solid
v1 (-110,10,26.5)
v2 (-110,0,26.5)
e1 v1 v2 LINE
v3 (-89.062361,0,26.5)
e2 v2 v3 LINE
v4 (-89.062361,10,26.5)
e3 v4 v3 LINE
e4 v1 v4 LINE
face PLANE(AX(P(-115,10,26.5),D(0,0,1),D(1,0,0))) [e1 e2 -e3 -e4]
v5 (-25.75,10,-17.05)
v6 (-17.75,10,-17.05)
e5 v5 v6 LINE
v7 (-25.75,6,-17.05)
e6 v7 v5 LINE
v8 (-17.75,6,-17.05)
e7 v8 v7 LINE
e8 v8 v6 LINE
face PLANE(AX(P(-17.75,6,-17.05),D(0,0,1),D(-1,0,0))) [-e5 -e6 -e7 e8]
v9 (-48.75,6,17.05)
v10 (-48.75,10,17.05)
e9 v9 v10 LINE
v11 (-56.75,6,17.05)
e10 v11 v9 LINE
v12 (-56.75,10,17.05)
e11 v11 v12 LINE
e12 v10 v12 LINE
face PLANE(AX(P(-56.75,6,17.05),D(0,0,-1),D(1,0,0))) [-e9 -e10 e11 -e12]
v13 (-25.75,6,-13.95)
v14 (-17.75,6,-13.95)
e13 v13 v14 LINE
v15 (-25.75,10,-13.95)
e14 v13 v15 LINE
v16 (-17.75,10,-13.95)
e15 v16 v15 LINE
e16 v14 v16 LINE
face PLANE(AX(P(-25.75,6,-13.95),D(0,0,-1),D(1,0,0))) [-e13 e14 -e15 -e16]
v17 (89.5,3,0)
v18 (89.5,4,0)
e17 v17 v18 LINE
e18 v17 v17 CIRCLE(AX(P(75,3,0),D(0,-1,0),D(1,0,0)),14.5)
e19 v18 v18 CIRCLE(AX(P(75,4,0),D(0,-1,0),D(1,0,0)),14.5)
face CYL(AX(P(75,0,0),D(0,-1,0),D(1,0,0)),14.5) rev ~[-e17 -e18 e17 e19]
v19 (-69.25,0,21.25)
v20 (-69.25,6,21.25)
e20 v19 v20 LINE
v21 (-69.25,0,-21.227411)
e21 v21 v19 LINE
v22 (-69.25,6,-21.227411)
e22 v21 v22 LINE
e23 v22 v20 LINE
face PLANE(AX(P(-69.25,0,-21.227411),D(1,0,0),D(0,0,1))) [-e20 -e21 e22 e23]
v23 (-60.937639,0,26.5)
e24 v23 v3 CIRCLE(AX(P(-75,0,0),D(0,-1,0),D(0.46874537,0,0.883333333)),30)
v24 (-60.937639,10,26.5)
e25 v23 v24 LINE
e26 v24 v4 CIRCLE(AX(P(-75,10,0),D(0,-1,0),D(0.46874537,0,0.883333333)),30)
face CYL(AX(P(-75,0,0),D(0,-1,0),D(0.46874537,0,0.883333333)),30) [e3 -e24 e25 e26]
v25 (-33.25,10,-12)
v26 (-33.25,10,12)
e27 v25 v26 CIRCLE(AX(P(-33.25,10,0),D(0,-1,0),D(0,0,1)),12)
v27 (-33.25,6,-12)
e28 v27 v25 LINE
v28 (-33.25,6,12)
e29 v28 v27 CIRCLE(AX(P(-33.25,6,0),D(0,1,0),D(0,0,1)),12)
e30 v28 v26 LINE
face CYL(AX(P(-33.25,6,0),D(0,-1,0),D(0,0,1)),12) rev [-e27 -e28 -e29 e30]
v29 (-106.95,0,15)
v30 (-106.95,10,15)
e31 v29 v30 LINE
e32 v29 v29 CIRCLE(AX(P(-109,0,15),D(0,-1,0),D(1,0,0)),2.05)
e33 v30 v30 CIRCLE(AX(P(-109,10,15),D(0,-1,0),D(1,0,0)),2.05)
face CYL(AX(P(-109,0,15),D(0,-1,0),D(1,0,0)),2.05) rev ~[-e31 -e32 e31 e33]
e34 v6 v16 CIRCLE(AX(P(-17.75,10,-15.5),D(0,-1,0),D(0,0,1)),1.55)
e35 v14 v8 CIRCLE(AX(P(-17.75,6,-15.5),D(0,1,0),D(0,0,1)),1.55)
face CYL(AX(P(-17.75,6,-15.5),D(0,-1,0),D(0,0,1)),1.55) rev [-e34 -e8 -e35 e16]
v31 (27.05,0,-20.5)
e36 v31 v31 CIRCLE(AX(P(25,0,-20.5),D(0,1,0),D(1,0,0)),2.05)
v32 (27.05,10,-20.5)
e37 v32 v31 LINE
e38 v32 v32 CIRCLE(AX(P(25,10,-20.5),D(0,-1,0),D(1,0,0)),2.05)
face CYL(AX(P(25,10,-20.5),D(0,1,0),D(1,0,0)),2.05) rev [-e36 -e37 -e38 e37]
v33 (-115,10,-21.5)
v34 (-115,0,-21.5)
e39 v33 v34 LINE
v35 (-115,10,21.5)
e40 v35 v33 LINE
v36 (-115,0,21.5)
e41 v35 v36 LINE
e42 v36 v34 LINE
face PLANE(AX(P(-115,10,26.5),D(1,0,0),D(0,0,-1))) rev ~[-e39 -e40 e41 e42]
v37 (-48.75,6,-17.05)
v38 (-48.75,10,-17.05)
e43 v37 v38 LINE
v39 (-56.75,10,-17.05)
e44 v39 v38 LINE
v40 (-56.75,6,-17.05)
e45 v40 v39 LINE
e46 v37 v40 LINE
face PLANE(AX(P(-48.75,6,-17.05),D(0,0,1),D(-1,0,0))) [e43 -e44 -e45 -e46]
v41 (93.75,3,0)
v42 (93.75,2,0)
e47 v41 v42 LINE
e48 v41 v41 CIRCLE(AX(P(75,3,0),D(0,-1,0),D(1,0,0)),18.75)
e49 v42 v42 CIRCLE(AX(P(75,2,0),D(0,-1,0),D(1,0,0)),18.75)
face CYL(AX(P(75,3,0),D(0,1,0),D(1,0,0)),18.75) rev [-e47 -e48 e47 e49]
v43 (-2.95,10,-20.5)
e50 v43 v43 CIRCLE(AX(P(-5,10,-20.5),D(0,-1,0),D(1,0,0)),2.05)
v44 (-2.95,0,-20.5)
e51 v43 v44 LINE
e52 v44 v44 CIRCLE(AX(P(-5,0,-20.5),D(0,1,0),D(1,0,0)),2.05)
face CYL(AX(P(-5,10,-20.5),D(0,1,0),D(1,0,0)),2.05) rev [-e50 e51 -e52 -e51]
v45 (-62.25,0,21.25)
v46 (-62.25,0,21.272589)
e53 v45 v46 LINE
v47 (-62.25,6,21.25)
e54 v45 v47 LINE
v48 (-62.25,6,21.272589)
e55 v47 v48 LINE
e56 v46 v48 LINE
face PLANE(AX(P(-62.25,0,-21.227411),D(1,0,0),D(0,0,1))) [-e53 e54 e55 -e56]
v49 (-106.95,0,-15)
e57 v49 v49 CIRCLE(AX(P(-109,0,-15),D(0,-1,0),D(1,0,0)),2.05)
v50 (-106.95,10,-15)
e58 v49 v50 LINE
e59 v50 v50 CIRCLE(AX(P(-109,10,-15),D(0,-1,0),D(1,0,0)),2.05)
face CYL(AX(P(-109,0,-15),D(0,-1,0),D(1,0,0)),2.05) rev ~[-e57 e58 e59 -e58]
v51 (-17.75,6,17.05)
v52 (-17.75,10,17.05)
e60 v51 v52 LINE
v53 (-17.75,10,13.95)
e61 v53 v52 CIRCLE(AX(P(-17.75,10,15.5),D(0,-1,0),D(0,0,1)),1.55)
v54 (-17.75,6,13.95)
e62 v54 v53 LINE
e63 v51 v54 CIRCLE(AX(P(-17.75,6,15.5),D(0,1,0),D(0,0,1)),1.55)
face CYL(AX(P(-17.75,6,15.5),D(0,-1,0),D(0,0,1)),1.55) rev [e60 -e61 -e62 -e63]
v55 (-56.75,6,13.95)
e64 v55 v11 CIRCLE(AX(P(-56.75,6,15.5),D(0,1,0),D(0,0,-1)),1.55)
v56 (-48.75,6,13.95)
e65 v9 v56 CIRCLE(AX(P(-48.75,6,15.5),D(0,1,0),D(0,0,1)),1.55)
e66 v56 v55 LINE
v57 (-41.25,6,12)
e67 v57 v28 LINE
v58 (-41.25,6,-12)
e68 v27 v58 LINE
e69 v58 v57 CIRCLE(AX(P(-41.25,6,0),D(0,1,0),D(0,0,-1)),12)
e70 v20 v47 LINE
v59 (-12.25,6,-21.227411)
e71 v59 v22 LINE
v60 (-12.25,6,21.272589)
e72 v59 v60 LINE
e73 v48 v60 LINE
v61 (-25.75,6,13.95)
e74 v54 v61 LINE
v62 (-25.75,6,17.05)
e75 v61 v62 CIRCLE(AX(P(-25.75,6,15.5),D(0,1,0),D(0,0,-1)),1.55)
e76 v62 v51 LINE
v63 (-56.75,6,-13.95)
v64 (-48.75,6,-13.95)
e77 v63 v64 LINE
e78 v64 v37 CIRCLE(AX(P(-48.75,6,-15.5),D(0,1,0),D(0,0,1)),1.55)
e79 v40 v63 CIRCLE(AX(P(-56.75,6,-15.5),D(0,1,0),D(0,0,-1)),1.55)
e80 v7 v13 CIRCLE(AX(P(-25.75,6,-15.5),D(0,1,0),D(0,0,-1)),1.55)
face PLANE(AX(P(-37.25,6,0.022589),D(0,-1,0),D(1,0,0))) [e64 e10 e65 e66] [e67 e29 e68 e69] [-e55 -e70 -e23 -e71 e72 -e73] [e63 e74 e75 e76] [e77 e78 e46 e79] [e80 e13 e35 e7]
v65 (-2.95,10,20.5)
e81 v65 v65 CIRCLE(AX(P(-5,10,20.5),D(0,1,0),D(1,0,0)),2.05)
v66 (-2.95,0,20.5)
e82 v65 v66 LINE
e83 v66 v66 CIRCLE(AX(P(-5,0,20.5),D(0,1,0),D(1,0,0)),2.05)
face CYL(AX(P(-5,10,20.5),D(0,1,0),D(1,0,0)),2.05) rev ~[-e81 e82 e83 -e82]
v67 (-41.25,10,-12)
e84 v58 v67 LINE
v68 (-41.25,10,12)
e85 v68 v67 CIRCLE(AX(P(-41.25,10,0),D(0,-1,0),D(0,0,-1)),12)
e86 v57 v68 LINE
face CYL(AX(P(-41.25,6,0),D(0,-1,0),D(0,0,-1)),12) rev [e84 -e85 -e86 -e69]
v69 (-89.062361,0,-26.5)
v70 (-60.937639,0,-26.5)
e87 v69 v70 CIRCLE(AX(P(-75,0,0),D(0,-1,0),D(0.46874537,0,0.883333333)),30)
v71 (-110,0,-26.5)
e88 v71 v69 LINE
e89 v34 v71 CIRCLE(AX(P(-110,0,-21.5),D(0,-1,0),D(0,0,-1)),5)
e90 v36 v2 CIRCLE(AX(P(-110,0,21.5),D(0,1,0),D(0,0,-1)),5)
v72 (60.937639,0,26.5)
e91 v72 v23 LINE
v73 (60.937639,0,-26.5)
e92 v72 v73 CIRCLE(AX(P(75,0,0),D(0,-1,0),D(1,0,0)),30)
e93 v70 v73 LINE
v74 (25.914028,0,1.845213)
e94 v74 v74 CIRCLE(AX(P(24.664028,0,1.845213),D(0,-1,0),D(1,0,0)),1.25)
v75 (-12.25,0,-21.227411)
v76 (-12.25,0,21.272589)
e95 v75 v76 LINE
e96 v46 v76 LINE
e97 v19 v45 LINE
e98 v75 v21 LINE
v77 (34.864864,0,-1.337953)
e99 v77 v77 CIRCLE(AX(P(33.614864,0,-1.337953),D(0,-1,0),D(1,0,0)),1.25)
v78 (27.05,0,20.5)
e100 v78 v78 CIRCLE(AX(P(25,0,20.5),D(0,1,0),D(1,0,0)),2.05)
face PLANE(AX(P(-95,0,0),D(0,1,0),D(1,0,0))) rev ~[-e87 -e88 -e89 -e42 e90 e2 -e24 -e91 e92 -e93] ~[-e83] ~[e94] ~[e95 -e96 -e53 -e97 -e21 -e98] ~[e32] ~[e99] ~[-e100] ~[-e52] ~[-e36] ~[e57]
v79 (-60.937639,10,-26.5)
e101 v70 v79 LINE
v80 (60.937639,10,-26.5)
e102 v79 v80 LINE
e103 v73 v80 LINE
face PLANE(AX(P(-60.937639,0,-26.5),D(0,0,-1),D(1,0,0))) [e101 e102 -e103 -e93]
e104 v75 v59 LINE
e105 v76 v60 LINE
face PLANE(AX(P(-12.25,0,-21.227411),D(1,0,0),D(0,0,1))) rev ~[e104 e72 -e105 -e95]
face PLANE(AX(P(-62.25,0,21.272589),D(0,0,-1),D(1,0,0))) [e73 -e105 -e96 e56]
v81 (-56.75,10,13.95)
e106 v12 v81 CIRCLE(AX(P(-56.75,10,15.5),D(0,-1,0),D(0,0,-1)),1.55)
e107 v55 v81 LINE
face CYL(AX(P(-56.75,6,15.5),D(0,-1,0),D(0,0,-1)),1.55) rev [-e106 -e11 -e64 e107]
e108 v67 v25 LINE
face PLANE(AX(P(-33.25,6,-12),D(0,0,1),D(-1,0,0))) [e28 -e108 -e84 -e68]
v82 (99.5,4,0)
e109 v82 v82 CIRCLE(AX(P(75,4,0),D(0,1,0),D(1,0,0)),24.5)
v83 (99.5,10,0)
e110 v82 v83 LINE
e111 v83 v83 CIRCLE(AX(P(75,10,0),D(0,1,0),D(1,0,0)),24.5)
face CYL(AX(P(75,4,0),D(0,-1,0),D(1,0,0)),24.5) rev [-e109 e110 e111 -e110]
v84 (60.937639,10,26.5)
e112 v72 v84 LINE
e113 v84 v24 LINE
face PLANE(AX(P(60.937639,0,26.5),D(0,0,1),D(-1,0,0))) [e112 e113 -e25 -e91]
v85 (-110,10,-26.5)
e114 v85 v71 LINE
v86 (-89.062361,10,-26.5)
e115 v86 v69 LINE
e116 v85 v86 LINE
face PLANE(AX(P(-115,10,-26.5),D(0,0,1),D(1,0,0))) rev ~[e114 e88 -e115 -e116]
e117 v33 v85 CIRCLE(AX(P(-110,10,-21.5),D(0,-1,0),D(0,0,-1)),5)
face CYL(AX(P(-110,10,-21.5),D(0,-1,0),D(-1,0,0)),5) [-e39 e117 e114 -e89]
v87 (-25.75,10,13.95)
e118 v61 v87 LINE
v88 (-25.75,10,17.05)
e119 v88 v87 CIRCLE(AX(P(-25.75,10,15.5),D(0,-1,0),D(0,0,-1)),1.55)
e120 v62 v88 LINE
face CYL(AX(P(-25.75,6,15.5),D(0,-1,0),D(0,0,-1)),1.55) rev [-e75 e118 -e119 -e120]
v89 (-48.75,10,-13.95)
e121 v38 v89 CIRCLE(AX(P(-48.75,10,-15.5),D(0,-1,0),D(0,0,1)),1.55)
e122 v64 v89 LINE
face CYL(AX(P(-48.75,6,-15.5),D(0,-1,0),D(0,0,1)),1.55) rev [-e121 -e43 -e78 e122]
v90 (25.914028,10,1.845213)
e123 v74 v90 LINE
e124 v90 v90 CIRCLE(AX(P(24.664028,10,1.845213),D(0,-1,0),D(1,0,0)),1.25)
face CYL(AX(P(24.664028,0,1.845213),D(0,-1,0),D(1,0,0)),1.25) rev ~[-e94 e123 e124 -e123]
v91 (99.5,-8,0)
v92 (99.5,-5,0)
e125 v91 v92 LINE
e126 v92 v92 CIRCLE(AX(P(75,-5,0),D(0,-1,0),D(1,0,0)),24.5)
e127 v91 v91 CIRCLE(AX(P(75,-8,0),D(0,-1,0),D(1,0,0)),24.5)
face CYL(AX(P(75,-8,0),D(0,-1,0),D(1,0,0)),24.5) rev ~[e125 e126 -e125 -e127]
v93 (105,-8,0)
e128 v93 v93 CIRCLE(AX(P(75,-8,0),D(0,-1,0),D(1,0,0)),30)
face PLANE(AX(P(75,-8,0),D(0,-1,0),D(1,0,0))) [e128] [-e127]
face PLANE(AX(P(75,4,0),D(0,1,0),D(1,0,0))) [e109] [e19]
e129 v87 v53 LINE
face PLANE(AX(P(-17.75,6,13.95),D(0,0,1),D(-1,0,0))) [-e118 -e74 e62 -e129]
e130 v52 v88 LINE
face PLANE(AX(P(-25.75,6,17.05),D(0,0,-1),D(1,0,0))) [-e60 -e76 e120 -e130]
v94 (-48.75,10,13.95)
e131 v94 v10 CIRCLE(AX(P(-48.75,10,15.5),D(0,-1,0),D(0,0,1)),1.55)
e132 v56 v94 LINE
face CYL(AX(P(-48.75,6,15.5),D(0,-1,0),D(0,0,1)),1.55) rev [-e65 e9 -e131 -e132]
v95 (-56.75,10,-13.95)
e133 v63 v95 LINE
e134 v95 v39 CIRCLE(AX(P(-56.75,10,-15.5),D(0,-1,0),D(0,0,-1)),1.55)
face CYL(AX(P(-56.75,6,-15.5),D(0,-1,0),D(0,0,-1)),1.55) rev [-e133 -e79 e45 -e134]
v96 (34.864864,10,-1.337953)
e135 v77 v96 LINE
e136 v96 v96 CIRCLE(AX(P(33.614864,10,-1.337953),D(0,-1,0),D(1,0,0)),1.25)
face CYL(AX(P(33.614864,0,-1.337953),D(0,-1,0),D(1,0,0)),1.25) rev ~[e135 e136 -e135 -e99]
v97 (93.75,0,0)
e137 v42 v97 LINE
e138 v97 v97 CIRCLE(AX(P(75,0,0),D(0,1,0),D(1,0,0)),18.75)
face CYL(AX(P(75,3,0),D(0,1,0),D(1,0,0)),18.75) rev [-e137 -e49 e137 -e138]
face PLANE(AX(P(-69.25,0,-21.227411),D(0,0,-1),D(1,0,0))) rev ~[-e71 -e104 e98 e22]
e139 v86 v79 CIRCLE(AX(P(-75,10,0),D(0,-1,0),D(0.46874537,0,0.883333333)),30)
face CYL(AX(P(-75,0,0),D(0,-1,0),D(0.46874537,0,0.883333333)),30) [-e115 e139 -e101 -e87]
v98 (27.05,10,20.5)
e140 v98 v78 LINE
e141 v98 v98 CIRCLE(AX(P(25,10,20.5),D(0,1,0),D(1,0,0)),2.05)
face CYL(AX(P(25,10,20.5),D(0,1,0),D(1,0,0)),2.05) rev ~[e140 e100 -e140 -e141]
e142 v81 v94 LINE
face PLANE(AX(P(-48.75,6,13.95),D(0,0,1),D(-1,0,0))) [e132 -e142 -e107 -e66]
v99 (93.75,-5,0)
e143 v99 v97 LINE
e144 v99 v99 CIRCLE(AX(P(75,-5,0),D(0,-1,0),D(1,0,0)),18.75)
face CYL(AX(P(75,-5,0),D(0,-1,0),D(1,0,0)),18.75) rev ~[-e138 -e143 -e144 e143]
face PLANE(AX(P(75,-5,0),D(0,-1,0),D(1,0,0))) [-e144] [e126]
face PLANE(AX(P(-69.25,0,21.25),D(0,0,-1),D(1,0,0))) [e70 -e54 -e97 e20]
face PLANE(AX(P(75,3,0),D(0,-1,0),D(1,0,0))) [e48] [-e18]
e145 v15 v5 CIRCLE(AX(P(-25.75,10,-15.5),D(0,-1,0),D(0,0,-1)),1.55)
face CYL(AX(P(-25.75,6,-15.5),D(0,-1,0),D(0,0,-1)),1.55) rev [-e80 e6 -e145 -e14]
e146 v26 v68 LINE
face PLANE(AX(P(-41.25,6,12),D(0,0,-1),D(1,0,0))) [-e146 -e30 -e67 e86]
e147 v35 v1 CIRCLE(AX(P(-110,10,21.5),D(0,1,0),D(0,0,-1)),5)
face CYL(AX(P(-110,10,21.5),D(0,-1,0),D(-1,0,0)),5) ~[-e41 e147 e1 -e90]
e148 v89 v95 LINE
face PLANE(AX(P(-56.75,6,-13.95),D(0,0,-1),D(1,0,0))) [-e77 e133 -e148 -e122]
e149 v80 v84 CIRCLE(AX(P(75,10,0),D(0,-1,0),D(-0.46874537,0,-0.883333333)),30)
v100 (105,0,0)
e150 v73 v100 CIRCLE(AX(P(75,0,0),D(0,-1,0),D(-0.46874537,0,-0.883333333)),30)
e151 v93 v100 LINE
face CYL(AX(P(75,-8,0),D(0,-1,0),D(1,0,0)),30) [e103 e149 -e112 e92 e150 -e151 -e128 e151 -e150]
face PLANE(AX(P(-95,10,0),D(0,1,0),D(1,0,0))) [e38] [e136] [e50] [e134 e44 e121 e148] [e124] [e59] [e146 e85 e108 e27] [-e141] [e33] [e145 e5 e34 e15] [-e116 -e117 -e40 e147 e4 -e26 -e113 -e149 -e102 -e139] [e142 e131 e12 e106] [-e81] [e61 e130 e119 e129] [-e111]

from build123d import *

# Parameters (mm, degrees)
BOSS_EXTRUDE1_DEPTH     = 10
SKETCH2_W               = 50
SKETCH2_H               = 42.5
CUT_EXTRUDE1_DEPTH      = 6
CUT_EXTRUDE7_REACH      = 111.659
SKETCH10_R              = 14.5
CUT_EXTRUDE8_DEPTH      = 110.658560997
CUT_EXTRUDE8_DEPTH_BACK = 3
SKETCH11_R              = 18.75
BOSS_EXTRUDE3_START     = 8
SKETCH12_R              = 30
BOSS_EXTRUDE3_DEPTH     = 8
SKETCH13_R              = 24.5
CUT_EXTRUDE9_DEPTH      = 3
SKETCH14_R              = 18.75
CUT_EXTRUDE10_DEPTH     = 7
CUT_EXTRUDE11_START     = -6
SKETCH15_R              = 24.5
CUT_EXTRUDE11_DEPTH     = 6
CUT_EXTRUDE19_REACH     = 112.095
SKETCH26_W              = 40
SKETCH26_H              = 53
BOSS_EXTRUDE5_DEPTH     = 10
SKETCH19_W              = 46.483409888
SKETCH19_H              = 53
BOSS_EXTRUDE4_DEPTH     = 10
SKETCH23_W              = 7
SKETCH23_H              = 42.47741106
CUT_EXTRUDE18_DEPTH     = 6
FILLET3_R               = 5
SKETCH27_R              = 2.05
SKETCH27_R_2            = 4.962590862
CUT_EXTRUDE20_DEPTH     = 20
CUT_EXTRUDE22_REACH     = 121.269
SKETCH29_R              = 2.05
CUT_EXTRUDE23_REACH     = 121.269
SKETCH30_R              = 1.25


with BuildPart() as part:
    # Sketch1 → Boss-Extrude1 (new body)
    with BuildSketch(Plane(origin=(0, 0, 0), x_dir=(1, 0, 0), z_dir=(0, 1, 0))):
        with BuildLine():
            Line((-52.13627327, 26.5), (60.93763889, 26.5))
            ThreePointArc((60.93763889, 26.5), (105, 0), (60.93763889, -26.5))
            Line((60.93763889, -26.5), (-52.13627327, -26.5))
            Line((-52.13627327, -26.5), (-60.93763889, -26.5))
            ThreePointArc((-60.93763889, -26.5), (-105, 0), (-60.93763889, 26.5))
            Line((-60.93763889, 26.5), (-52.13627327, 26.5))
        make_face()
    extrude(amount=BOSS_EXTRUDE1_DEPTH)

    # Sketch2 → Cut-Extrude1 (cut)
    with BuildSketch(Plane.XZ):
        with Locations((-37.25, 0.02258894)):
            Rectangle(SKETCH2_W, SKETCH2_H)
    extrude(amount=-CUT_EXTRUDE1_DEPTH, mode=Mode.SUBTRACT)

    # Sketch10 → Cut-Extrude7 (cut, up to next)
    with BuildSketch(Plane.XZ, mode=Mode.PRIVATE) as cut_extrude7_sk1:
        with Locations((75, 0)):
            Circle(SKETCH10_R)
    cut_extrude7_tool1 = extrude(cut_extrude7_sk1.sketch, amount=-CUT_EXTRUDE7_REACH, mode=Mode.PRIVATE) & part.part
    add(cut_extrude7_tool1.solids().sort_by_distance((75, 0, 0))[0], mode=Mode.SUBTRACT)

    # Sketch11 → Cut-Extrude8 (cut, two sides: drawn at the far end of the back side and taken through both)
    with BuildSketch(Plane.XZ.offset(-CUT_EXTRUDE8_DEPTH_BACK)):
        with Locations((75, 0)):
            Circle(SKETCH11_R)
    extrude(amount=CUT_EXTRUDE8_DEPTH + CUT_EXTRUDE8_DEPTH_BACK, mode=Mode.SUBTRACT)

    # Sketch12 → Boss-Extrude3 (add)
    with BuildSketch(Plane.XZ.offset(BOSS_EXTRUDE3_START)):
        with Locations((75, 0)):
            Circle(SKETCH12_R)
    extrude(amount=-BOSS_EXTRUDE3_DEPTH)

    # Sketch13 → Cut-Extrude9 (cut)
    with BuildSketch(Plane.XZ.offset(8)):
        with Locations((75, 0)):
            Circle(SKETCH13_R)
    extrude(amount=-CUT_EXTRUDE9_DEPTH, mode=Mode.SUBTRACT)

    # Sketch14 → Cut-Extrude10 (cut)
    with BuildSketch(Plane.XZ.offset(5)):
        with Locations((75, 0)):
            Circle(SKETCH14_R)
    extrude(amount=-CUT_EXTRUDE10_DEPTH, mode=Mode.SUBTRACT)

    # Sketch15 → Cut-Extrude11 (cut)
    with BuildSketch(Plane(origin=(0, 10, 0), x_dir=(1, 0, 0), z_dir=(0, 1, 0)).offset(CUT_EXTRUDE11_START)):
        with Locations((75, 0)):
            Circle(SKETCH15_R)
    extrude(amount=CUT_EXTRUDE11_DEPTH, mode=Mode.SUBTRACT)

    # Sketch25 → Cut-Extrude19 (cut, up to next)
    with BuildSketch(Plane.XZ.offset(-6), mode=Mode.PRIVATE) as cut_extrude19_sk1:
        with BuildLine():
            Line((-33.25, -12), (-41.25, -12))
            ThreePointArc((-41.25, -12), (-53.25, 0), (-41.25, 12))
            Line((-41.25, 12), (-33.25, 12))
            ThreePointArc((-33.25, 12), (-21.25, 0), (-33.25, -12))
        make_face()
    cut_extrude19_tool1 = extrude(cut_extrude19_sk1.sketch, amount=-CUT_EXTRUDE19_REACH, mode=Mode.PRIVATE) & part.part
    # Sketch25 → Cut-Extrude19 (cut, up to next)
    with BuildSketch(Plane.XZ.offset(-6), mode=Mode.PRIVATE) as cut_extrude19_sk2:
        with BuildLine():
            Line((-17.75, -17.05), (-25.75, -17.05))
            ThreePointArc((-25.75, -17.05), (-27.3, -15.5), (-25.75, -13.95))
            Line((-25.75, -13.95), (-17.75, -13.95))
            ThreePointArc((-17.75, -13.95), (-16.2, -15.5), (-17.75, -17.05))
        make_face()
    cut_extrude19_tool2 = extrude(cut_extrude19_sk2.sketch, amount=-CUT_EXTRUDE19_REACH, mode=Mode.PRIVATE) & part.part
    # Sketch25 → Cut-Extrude19 (cut, up to next)
    with BuildSketch(Plane.XZ.offset(-6), mode=Mode.PRIVATE) as cut_extrude19_sk3:
        with BuildLine():
            Line((-48.75, -17.05), (-56.75, -17.05))
            ThreePointArc((-56.75, -17.05), (-58.3, -15.5), (-56.75, -13.95))
            Line((-56.75, -13.95), (-48.75, -13.95))
            ThreePointArc((-48.75, -13.95), (-47.2, -15.5), (-48.75, -17.05))
        make_face()
    cut_extrude19_tool3 = extrude(cut_extrude19_sk3.sketch, amount=-CUT_EXTRUDE19_REACH, mode=Mode.PRIVATE) & part.part
    # Sketch25 → Cut-Extrude19 (cut, up to next)
    with BuildSketch(Plane.XZ.offset(-6), mode=Mode.PRIVATE) as cut_extrude19_sk4:
        with BuildLine():
            Line((-48.75, 13.95), (-56.75, 13.95))
            ThreePointArc((-56.75, 13.95), (-58.3, 15.5), (-56.75, 17.05))
            Line((-56.75, 17.05), (-48.75, 17.05))
            ThreePointArc((-48.75, 17.05), (-47.2, 15.5), (-48.75, 13.95))
        make_face()
    cut_extrude19_tool4 = extrude(cut_extrude19_sk4.sketch, amount=-CUT_EXTRUDE19_REACH, mode=Mode.PRIVATE) & part.part
    # Sketch25 → Cut-Extrude19 (cut, up to next)
    with BuildSketch(Plane.XZ.offset(-6), mode=Mode.PRIVATE) as cut_extrude19_sk5:
        with BuildLine():
            Line((-17.75, 13.95), (-25.75, 13.95))
            ThreePointArc((-25.75, 13.95), (-27.3, 15.5), (-25.75, 17.05))
            Line((-25.75, 17.05), (-17.75, 17.05))
            ThreePointArc((-17.75, 17.05), (-16.2, 15.5), (-17.75, 13.95))
        make_face()
    cut_extrude19_tool5 = extrude(cut_extrude19_sk5.sketch, amount=-CUT_EXTRUDE19_REACH, mode=Mode.PRIVATE) & part.part
    add(cut_extrude19_tool1.solids().sort_by_distance((-37.25, 6, 0))[0], mode=Mode.SUBTRACT)
    add(cut_extrude19_tool2.solids().sort_by_distance((-21.75, 6, -15.5))[0], mode=Mode.SUBTRACT)
    add(cut_extrude19_tool3.solids().sort_by_distance((-52.75, 6, -15.5))[0], mode=Mode.SUBTRACT)
    add(cut_extrude19_tool4.solids().sort_by_distance((-52.75, 6, 15.5))[0], mode=Mode.SUBTRACT)
    add(cut_extrude19_tool5.solids().sort_by_distance((-21.75, 6, 15.5))[0], mode=Mode.SUBTRACT)

    # Sketch26 → Boss-Extrude5 (add)
    with BuildSketch(Plane(origin=(0, 10, 0), x_dir=(1, 0, 0), z_dir=(0, 1, 0))):
        with Locations((-95, 0)):
            Rectangle(SKETCH26_W, SKETCH26_H)
    extrude(amount=-BOSS_EXTRUDE5_DEPTH)

    # Sketch19 → Boss-Extrude4 (add)
    with BuildSketch(Plane(origin=(0, 10, 0), x_dir=(1, 0, 0), z_dir=(0, 1, 0))):
        with Locations((-91.758295056, 0)):
            Rectangle(SKETCH19_W, SKETCH19_H)
    extrude(amount=-BOSS_EXTRUDE4_DEPTH)

    # Sketch23 → Cut-Extrude18 (cut)
    with BuildSketch(Plane.XZ):
        with Locations((-65.75, 0.01129447)):
            Rectangle(SKETCH23_W, SKETCH23_H)
    extrude(amount=-CUT_EXTRUDE18_DEPTH, mode=Mode.SUBTRACT)

    # Fillet3
    fillet3_edges = [part.edges().sort_by_distance(p)[0] for p in [
        (-115, 5, 26.5),
        (-115, 5, -26.5),
    ]]
    fillet(fillet3_edges, radius=FILLET3_R)

    # Sketch27 → Cut-Extrude20 (cut)
    with BuildSketch(Plane(origin=(0, 10, 0), x_dir=(1, 0, 0), z_dir=(0, 1, 0))):
        with Locations((25, -20.5)):
            Circle(SKETCH27_R)
        with Locations((-5, -20.5)):
            Circle(SKETCH27_R)
        with Locations((75, 0)):
            Circle(SKETCH27_R_2)
    cut_extrude20 = extrude(amount=-CUT_EXTRUDE20_DEPTH, mode=Mode.SUBTRACT)

    # Sketch29 → Cut-Extrude22 (cut, up to next)
    with BuildSketch(Plane.XZ, mode=Mode.PRIVATE) as cut_extrude22_sk1:
        with Locations((-109, -15)):
            Circle(SKETCH29_R)
    cut_extrude22_tool1 = extrude(cut_extrude22_sk1.sketch, amount=-CUT_EXTRUDE22_REACH, mode=Mode.PRIVATE) & part.part
    # Sketch29 → Cut-Extrude22 (cut, up to next)
    with BuildSketch(Plane.XZ, mode=Mode.PRIVATE) as cut_extrude22_sk2:
        with Locations((-109, 15)):
            Circle(SKETCH29_R)
    cut_extrude22_tool2 = extrude(cut_extrude22_sk2.sketch, amount=-CUT_EXTRUDE22_REACH, mode=Mode.PRIVATE) & part.part
    add(cut_extrude22_tool1.solids().sort_by_distance((-109, 0, -15))[0], mode=Mode.SUBTRACT)
    add(cut_extrude22_tool2.solids().sort_by_distance((-109, 0, 15))[0], mode=Mode.SUBTRACT)

    # Mirror2: Cut-Extrude20 across plane
    add(cut_extrude20.mirror(Plane.XY), mode=Mode.SUBTRACT)

    # Sketch30 → Cut-Extrude23 (cut, up to next)
    with BuildSketch(Plane.XZ, mode=Mode.PRIVATE) as cut_extrude23_sk1:
        with Locations((24.664028051, 1.845213245)):
            Circle(SKETCH30_R)
    cut_extrude23_tool1 = extrude(cut_extrude23_sk1.sketch, amount=-CUT_EXTRUDE23_REACH, mode=Mode.PRIVATE) & part.part
    # Sketch30 → Cut-Extrude23 (cut, up to next)
    with BuildSketch(Plane.XZ, mode=Mode.PRIVATE) as cut_extrude23_sk2:
        with Locations((33.61486353, -1.337952512)):
            Circle(SKETCH30_R)
    cut_extrude23_tool2 = extrude(cut_extrude23_sk2.sketch, amount=-CUT_EXTRUDE23_REACH, mode=Mode.PRIVATE) & part.part
    add(cut_extrude23_tool1.solids().sort_by_distance((24.664028, 0, 1.845213))[0], mode=Mode.SUBTRACT)
    add(cut_extrude23_tool2.solids().sort_by_distance((33.614864, 0, -1.337953))[0], mode=Mode.SUBTRACT)


solid = part.part
